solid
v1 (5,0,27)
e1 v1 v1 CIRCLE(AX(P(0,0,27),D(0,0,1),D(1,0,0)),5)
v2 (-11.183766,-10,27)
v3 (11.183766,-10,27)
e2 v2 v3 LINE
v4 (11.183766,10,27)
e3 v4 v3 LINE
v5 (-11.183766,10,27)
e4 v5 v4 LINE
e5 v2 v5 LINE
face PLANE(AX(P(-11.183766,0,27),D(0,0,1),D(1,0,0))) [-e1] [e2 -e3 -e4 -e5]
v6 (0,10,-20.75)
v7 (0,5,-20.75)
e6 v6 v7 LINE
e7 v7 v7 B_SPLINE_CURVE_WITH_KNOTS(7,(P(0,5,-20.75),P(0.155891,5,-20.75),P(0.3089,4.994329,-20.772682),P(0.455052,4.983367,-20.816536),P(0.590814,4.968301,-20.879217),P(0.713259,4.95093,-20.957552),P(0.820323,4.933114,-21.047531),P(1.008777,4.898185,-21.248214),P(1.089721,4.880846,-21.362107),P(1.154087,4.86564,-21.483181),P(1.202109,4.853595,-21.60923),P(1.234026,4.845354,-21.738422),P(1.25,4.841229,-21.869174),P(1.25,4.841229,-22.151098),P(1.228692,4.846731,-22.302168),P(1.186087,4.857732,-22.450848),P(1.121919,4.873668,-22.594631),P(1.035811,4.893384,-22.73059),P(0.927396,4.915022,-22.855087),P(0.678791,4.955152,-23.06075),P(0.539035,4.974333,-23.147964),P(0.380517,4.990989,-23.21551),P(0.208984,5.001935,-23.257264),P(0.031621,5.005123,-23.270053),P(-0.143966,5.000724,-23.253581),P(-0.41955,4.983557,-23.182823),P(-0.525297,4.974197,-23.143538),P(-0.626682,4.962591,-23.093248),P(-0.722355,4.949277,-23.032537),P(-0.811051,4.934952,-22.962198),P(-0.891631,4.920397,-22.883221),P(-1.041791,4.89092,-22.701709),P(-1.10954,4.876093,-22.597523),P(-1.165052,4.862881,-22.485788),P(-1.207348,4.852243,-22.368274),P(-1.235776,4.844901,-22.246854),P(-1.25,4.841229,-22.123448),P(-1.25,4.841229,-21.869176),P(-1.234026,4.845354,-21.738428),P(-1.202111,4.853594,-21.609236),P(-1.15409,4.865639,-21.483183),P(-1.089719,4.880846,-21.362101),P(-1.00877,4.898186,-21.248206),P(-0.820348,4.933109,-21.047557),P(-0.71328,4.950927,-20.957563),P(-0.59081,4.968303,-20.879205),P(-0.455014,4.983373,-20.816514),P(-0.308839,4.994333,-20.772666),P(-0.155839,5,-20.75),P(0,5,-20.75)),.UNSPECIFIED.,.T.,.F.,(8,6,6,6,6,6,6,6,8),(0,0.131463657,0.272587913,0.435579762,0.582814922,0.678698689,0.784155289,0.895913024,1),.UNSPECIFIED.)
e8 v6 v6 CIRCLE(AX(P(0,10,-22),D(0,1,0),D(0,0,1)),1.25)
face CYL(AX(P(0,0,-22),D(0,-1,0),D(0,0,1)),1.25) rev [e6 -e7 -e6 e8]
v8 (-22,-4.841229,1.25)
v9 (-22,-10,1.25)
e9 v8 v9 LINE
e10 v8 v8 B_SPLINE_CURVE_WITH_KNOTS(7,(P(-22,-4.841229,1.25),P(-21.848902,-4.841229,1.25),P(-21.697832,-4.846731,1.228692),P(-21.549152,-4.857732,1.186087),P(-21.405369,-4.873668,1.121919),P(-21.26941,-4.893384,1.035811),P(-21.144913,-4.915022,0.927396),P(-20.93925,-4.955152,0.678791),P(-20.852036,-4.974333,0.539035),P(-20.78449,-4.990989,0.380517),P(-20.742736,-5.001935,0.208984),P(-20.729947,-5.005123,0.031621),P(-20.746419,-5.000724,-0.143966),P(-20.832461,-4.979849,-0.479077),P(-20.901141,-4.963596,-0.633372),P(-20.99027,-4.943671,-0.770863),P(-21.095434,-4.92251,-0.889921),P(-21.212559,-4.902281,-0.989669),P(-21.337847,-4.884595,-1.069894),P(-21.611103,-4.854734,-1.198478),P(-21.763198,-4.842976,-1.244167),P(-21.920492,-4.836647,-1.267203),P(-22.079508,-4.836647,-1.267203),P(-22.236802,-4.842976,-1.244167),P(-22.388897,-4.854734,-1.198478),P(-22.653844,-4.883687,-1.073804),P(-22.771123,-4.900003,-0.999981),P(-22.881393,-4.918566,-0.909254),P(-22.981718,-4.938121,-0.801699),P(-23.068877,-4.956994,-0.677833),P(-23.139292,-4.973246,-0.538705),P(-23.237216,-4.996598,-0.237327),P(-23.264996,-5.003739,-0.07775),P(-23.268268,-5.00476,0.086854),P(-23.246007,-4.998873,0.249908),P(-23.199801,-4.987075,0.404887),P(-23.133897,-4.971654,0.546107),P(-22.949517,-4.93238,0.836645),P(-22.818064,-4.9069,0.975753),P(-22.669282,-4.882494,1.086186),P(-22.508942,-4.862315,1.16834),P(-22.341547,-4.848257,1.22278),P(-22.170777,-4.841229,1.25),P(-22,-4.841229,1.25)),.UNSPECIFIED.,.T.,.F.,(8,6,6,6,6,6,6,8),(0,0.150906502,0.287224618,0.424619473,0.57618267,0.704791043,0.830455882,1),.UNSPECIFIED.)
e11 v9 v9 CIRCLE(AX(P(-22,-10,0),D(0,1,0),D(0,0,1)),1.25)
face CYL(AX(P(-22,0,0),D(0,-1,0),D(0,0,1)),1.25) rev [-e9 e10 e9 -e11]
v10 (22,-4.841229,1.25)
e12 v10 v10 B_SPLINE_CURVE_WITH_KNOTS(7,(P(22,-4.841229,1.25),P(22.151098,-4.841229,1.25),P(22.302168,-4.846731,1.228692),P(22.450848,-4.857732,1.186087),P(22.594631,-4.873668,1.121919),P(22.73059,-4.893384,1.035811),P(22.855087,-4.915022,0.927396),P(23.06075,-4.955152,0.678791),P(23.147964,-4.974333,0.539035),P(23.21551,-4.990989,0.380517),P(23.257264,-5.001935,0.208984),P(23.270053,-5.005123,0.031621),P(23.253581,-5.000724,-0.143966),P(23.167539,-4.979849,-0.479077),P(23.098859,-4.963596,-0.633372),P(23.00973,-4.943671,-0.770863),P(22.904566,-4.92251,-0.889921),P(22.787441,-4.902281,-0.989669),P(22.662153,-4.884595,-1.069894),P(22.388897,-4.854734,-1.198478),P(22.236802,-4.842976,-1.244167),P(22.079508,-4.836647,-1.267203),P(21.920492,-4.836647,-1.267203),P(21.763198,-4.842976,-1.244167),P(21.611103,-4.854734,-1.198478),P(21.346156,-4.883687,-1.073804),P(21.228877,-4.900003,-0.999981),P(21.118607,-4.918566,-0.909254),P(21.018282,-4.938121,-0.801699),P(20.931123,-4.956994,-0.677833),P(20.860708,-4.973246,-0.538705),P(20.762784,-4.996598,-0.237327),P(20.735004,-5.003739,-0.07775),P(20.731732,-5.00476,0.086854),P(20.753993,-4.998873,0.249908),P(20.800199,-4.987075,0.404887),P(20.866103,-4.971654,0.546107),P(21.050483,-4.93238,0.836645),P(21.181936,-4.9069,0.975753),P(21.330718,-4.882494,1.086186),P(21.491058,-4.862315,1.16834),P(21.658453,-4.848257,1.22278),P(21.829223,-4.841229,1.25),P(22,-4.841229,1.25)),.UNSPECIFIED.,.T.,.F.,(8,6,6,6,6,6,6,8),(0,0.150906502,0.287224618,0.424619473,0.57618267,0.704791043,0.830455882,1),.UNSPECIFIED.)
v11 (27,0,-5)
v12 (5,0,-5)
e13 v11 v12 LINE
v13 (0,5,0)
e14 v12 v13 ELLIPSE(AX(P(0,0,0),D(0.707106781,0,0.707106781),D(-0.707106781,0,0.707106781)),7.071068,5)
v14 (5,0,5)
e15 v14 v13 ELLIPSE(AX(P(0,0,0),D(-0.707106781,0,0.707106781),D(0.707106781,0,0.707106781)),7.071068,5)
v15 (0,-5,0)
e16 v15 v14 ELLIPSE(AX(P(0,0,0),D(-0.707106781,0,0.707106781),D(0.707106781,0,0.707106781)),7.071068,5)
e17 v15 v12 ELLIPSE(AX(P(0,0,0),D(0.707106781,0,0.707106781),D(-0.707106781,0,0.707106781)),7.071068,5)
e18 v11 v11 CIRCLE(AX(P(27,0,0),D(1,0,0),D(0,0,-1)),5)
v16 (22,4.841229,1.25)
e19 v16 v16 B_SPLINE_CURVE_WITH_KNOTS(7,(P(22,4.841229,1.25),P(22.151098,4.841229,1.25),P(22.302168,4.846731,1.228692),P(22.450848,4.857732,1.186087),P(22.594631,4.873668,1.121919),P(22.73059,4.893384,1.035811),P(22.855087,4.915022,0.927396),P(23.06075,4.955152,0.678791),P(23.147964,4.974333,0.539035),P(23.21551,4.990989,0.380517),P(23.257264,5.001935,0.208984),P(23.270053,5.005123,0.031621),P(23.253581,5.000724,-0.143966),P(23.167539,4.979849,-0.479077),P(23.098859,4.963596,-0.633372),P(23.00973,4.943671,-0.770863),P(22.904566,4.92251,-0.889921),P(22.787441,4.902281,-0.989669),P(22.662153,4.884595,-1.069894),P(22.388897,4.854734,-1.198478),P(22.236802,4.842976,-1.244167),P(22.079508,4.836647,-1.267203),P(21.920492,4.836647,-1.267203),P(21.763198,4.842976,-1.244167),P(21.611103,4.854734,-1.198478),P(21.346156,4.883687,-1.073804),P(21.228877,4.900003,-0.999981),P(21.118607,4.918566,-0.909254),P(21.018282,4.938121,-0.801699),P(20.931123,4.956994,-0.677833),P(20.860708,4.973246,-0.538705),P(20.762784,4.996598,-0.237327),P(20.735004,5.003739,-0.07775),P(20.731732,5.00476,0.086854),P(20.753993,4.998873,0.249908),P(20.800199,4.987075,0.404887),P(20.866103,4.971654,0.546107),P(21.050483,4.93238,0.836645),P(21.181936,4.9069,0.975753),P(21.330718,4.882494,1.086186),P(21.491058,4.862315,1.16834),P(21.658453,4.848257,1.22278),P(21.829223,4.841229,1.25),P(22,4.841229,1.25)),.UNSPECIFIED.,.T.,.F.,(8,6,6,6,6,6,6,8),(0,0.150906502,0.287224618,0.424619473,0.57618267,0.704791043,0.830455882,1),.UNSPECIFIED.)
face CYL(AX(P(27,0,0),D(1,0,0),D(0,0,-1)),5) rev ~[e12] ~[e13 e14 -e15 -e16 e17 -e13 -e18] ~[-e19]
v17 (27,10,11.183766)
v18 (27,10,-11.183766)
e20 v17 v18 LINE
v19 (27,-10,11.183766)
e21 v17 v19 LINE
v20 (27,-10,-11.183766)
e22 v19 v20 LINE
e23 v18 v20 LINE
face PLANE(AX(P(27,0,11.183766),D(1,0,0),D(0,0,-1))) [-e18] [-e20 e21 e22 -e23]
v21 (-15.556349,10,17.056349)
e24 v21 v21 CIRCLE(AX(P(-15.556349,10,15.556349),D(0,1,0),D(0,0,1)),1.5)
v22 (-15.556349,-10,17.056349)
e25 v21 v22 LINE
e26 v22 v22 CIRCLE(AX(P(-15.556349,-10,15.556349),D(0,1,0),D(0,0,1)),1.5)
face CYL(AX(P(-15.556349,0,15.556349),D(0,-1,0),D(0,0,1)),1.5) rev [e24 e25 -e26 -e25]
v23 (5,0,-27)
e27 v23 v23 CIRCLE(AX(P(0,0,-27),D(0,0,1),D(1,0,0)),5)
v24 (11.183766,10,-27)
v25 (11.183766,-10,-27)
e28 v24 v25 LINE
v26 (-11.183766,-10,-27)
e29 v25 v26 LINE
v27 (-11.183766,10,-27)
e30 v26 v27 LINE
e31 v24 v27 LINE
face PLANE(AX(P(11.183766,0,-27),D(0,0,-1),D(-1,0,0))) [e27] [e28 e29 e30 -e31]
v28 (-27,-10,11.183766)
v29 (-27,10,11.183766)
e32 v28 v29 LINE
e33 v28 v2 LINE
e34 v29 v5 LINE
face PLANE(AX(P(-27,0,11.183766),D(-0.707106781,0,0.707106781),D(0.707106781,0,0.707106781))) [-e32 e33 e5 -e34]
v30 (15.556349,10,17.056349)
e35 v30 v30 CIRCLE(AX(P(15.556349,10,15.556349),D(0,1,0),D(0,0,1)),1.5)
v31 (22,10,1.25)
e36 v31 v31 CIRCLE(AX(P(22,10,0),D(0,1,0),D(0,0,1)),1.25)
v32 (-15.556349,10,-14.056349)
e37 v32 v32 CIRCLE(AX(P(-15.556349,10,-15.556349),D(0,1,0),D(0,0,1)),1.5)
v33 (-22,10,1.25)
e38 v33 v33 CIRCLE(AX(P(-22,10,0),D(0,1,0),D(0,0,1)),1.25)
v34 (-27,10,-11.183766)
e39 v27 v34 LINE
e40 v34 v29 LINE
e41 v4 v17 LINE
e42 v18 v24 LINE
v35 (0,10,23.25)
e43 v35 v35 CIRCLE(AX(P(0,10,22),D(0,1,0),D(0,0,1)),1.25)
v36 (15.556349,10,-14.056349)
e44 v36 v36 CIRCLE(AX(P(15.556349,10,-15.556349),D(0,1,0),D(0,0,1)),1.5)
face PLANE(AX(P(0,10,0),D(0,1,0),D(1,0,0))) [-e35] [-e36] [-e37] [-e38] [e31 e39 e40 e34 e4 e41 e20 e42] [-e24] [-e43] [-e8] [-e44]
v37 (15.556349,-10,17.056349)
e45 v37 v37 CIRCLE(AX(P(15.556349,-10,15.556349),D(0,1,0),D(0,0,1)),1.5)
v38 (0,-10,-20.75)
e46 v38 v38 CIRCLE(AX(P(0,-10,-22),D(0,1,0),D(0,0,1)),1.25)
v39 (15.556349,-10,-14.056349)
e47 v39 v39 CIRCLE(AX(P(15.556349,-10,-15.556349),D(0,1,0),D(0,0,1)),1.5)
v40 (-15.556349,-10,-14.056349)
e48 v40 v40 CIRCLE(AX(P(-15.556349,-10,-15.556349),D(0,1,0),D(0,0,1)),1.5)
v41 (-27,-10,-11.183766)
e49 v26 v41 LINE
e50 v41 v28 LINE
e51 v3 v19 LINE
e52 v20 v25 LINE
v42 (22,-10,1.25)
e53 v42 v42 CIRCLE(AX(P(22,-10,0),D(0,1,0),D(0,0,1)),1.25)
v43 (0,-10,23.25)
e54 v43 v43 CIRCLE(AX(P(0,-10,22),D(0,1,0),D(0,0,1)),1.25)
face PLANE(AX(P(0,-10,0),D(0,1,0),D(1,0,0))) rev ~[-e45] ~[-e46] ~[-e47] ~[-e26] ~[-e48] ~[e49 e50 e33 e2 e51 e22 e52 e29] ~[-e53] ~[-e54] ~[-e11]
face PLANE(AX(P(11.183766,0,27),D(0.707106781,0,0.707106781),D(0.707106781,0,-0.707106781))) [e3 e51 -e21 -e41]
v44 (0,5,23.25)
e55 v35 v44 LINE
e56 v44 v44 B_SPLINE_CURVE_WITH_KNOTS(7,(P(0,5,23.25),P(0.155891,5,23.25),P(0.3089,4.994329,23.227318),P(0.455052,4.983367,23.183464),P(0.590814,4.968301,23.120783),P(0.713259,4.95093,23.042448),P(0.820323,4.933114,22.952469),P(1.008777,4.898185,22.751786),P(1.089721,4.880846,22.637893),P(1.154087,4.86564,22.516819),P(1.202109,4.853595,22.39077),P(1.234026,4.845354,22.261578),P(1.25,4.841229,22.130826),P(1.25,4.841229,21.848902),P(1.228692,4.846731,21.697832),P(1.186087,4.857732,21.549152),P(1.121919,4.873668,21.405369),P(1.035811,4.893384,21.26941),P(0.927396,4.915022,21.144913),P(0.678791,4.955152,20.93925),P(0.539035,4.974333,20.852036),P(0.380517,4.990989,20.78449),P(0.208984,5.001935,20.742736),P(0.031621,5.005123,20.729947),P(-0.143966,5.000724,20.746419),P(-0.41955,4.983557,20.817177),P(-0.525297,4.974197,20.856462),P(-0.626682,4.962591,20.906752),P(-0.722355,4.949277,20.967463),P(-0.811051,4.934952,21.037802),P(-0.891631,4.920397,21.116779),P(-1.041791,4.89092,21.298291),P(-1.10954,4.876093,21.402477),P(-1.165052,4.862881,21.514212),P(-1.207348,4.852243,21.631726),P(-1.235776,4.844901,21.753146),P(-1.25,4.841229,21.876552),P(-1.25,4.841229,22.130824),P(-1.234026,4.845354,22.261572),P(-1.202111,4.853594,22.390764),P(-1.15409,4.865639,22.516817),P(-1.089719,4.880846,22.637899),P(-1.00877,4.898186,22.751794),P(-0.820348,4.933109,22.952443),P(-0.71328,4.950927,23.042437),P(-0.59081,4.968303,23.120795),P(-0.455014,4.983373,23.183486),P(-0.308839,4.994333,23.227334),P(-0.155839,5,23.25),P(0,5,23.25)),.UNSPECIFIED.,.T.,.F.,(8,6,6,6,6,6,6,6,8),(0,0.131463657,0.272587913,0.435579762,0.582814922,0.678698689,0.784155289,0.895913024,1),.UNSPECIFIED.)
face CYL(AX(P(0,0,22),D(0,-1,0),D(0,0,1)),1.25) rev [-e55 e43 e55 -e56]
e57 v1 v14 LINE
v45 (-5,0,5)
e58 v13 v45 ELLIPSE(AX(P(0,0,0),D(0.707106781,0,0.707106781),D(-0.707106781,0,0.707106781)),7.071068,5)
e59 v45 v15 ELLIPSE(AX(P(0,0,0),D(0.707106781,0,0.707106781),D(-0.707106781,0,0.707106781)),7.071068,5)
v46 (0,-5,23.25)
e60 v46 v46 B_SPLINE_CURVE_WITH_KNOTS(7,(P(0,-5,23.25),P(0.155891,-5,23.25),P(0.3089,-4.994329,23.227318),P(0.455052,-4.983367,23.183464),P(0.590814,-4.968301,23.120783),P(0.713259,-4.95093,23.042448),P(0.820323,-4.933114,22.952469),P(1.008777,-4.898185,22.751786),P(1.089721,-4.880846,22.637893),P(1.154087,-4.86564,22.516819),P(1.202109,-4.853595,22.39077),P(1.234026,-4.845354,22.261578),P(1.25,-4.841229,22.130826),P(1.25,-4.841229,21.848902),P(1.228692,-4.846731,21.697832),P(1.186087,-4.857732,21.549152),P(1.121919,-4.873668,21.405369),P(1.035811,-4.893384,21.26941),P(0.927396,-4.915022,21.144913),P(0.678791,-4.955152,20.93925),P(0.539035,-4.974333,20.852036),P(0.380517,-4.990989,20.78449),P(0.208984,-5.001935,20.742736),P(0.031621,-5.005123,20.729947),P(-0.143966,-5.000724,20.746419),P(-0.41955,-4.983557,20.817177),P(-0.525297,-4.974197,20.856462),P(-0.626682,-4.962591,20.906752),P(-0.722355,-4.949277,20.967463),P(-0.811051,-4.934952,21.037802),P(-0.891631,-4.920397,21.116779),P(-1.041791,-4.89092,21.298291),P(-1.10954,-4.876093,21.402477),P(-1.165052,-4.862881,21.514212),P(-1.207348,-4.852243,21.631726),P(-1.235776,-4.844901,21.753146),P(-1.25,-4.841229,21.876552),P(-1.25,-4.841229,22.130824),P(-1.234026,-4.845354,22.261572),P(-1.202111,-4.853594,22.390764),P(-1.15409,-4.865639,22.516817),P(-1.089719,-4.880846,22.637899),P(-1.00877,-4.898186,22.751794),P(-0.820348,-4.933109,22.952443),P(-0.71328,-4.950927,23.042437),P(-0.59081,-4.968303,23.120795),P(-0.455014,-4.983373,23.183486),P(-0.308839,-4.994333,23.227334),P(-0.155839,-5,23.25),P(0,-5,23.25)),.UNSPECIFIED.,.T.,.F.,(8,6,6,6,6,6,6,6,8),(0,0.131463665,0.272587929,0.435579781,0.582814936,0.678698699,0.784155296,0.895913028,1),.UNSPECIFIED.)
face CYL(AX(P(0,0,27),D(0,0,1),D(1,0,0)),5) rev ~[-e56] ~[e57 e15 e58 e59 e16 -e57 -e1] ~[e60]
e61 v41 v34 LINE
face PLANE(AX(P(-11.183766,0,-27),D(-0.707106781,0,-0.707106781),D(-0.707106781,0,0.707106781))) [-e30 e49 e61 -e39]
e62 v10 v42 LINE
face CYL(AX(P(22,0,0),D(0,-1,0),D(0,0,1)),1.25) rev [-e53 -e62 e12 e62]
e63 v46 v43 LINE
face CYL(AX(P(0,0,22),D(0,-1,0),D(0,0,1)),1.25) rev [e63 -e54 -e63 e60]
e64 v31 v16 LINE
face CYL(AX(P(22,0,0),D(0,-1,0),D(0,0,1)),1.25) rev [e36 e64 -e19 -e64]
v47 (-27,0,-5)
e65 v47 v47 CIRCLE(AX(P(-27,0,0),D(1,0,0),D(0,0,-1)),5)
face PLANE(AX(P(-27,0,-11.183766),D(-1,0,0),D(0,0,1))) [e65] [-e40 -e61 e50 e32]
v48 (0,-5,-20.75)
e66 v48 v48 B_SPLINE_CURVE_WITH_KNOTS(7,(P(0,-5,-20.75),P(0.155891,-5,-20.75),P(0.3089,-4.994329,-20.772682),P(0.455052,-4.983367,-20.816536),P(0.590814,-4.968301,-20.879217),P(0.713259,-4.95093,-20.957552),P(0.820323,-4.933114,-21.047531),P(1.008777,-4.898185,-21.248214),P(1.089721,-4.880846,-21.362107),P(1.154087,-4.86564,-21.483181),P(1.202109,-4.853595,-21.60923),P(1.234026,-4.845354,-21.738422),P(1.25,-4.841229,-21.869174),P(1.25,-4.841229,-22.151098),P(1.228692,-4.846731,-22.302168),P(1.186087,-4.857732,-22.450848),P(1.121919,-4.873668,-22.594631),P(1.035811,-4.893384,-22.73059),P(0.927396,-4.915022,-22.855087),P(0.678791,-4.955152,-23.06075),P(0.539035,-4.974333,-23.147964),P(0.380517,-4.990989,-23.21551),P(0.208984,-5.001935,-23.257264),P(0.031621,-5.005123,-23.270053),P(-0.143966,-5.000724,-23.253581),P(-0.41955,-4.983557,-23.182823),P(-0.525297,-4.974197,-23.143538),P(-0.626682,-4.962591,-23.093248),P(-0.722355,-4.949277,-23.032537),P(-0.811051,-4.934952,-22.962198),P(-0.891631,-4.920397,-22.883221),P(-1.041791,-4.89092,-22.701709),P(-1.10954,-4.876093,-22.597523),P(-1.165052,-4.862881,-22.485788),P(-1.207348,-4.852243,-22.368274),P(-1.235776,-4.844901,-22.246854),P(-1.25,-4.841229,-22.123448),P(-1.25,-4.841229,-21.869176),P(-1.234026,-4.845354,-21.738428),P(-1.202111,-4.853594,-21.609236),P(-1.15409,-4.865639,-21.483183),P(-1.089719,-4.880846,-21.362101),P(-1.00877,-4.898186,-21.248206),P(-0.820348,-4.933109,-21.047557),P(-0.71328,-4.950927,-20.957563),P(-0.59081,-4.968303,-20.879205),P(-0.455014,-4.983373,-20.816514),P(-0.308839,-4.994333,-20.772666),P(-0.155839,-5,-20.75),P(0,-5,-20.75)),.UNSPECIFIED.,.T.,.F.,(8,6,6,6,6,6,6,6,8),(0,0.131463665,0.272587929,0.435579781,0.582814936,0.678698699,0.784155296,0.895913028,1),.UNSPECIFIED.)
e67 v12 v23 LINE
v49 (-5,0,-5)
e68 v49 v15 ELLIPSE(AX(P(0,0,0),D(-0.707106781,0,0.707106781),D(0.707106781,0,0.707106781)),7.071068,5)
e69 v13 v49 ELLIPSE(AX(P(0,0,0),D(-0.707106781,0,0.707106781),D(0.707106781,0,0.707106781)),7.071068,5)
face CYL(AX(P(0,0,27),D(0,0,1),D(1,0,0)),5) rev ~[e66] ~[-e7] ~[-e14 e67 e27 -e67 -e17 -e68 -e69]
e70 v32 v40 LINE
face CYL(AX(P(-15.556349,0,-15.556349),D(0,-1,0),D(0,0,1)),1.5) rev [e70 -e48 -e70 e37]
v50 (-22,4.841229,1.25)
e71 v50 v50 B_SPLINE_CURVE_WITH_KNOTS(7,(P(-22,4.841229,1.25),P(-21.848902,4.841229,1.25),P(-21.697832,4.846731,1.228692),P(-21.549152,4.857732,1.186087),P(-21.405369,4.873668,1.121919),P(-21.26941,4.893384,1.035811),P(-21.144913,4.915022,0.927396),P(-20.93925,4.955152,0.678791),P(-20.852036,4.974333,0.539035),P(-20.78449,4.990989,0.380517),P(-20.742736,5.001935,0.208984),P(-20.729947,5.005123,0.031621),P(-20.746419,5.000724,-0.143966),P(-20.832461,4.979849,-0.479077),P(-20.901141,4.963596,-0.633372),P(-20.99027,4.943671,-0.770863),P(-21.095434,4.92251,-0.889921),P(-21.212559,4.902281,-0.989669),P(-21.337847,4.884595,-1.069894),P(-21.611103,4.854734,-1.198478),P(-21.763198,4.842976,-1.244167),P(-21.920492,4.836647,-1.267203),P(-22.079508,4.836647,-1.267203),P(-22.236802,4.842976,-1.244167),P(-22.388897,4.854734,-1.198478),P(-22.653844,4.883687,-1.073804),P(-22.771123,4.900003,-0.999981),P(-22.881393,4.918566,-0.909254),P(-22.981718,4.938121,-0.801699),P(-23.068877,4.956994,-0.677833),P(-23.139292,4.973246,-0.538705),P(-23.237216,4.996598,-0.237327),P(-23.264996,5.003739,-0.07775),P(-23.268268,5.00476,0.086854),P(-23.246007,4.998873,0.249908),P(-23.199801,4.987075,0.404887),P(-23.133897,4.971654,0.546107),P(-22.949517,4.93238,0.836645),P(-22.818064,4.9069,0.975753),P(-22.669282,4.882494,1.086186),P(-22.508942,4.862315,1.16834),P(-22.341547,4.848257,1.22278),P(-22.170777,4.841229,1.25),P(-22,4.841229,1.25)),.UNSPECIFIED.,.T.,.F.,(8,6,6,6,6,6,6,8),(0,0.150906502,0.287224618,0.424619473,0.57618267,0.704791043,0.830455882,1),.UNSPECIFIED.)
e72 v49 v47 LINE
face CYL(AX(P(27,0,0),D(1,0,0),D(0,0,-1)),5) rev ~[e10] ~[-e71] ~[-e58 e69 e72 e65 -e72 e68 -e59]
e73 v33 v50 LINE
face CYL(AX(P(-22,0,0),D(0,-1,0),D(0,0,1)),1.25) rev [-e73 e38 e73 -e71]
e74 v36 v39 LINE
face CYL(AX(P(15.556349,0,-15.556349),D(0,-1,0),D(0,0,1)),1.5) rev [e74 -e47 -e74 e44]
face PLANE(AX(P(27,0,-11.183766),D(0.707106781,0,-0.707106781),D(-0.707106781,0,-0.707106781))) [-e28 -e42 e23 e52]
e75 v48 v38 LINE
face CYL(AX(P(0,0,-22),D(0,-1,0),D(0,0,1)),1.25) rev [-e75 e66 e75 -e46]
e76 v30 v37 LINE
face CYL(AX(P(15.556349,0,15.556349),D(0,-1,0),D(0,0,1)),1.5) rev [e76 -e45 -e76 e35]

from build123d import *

# Parameters (mm, degrees)
SKETCH1_R           = 1.25
SKETCH1_R_2         = 1.5
BOSS_EXTRUDE1_DEPTH = 10
CUT_EXTRUDE4_REACH  = 63.196
SKETCH7_R           = 5
CUT_EXTRUDE5_REACH  = 63.196
SKETCH8_R           = 5


with BuildPart() as part:
    # Sketch1 → Boss-Extrude1 (new, symmetric)
    with BuildSketch(Plane(origin=(0, 0, 0), x_dir=(1, 0, 0), z_dir=(0, 1, 0))):
        Polygon((11.183766184, 27), (-11.183766184, 27), (-27, 11.183766184), (-27, -11.183766184), (-11.183766184, -27), (11.183766184, -27), (27, -11.183766184), (27, 11.183766184), align=None)
        with Locations(Location((0, 22, 0), (0, 0, 270))):
            Circle(SKETCH1_R, mode=Mode.SUBTRACT)
        with Locations(Location((15.556349186, 15.556349186, 0), (0, 0, 270))):
            Circle(SKETCH1_R_2, mode=Mode.SUBTRACT)
        with Locations(Location((22, 0, 0), (0, 0, 270))):
            Circle(SKETCH1_R, mode=Mode.SUBTRACT)
        with Locations(Location((15.556349186, -15.556349186, 0), (0, 0, 270))):
            Circle(SKETCH1_R_2, mode=Mode.SUBTRACT)
        with Locations(Location((0, -22, 0), (0, 0, 270))):
            Circle(SKETCH1_R, mode=Mode.SUBTRACT)
        with Locations(Location((-15.556349186, -15.556349186, 0), (0, 0, 270))):
            Circle(SKETCH1_R_2, mode=Mode.SUBTRACT)
        with Locations(Location((-22, 0, 0), (0, 0, 270))):
            Circle(SKETCH1_R, mode=Mode.SUBTRACT)
        with Locations(Location((-15.556349186, 15.556349186, 0), (0, 0, 270))):
            Circle(SKETCH1_R_2, mode=Mode.SUBTRACT)
    extrude(amount=BOSS_EXTRUDE1_DEPTH, both=True)

    # Cut-Extrude4: up to this face of the body (flat: up to its plane)
    cut_extrude4_end = Plane(part.part.faces().sort_by_distance((0, 0, -27))[0])
    # Sketch7 → Cut-Extrude4 (cut, up to the picked face)
    with BuildSketch(Plane.XY.offset(27), mode=Mode.PRIVATE) as cut_extrude4_sk1:
        Circle(SKETCH7_R)
    cut_extrude4_tool1 = split(extrude(cut_extrude4_sk1.sketch, amount=-CUT_EXTRUDE4_REACH, mode=Mode.PRIVATE), bisect_by=cut_extrude4_end, keep=Keep.BOTH, mode=Mode.PRIVATE)
    add(cut_extrude4_tool1.solids().sort_by(Axis((0, 0, 27), (0, 0, -1)))[0], mode=Mode.SUBTRACT)

    # Cut-Extrude5: up to this face of the body (flat: up to its plane)
    cut_extrude5_end = Plane(part.part.faces().sort_by_distance((-27, 0, 0))[0])
    # Sketch8 → Cut-Extrude5 (cut, up to the picked face)
    with BuildSketch(Plane(origin=(27, 0, 0), x_dir=(0, 0, -1), z_dir=(1, 0, 0)), mode=Mode.PRIVATE) as cut_extrude5_sk1:
        Circle(SKETCH8_R)
    cut_extrude5_tool1 = split(extrude(cut_extrude5_sk1.sketch, amount=-CUT_EXTRUDE5_REACH, mode=Mode.PRIVATE), bisect_by=cut_extrude5_end, keep=Keep.BOTH, mode=Mode.PRIVATE)
    add(cut_extrude5_tool1.solids().sort_by(Axis((27, 0, 0), (-1, 0, 0)))[0], mode=Mode.SUBTRACT)


solid = part.part
